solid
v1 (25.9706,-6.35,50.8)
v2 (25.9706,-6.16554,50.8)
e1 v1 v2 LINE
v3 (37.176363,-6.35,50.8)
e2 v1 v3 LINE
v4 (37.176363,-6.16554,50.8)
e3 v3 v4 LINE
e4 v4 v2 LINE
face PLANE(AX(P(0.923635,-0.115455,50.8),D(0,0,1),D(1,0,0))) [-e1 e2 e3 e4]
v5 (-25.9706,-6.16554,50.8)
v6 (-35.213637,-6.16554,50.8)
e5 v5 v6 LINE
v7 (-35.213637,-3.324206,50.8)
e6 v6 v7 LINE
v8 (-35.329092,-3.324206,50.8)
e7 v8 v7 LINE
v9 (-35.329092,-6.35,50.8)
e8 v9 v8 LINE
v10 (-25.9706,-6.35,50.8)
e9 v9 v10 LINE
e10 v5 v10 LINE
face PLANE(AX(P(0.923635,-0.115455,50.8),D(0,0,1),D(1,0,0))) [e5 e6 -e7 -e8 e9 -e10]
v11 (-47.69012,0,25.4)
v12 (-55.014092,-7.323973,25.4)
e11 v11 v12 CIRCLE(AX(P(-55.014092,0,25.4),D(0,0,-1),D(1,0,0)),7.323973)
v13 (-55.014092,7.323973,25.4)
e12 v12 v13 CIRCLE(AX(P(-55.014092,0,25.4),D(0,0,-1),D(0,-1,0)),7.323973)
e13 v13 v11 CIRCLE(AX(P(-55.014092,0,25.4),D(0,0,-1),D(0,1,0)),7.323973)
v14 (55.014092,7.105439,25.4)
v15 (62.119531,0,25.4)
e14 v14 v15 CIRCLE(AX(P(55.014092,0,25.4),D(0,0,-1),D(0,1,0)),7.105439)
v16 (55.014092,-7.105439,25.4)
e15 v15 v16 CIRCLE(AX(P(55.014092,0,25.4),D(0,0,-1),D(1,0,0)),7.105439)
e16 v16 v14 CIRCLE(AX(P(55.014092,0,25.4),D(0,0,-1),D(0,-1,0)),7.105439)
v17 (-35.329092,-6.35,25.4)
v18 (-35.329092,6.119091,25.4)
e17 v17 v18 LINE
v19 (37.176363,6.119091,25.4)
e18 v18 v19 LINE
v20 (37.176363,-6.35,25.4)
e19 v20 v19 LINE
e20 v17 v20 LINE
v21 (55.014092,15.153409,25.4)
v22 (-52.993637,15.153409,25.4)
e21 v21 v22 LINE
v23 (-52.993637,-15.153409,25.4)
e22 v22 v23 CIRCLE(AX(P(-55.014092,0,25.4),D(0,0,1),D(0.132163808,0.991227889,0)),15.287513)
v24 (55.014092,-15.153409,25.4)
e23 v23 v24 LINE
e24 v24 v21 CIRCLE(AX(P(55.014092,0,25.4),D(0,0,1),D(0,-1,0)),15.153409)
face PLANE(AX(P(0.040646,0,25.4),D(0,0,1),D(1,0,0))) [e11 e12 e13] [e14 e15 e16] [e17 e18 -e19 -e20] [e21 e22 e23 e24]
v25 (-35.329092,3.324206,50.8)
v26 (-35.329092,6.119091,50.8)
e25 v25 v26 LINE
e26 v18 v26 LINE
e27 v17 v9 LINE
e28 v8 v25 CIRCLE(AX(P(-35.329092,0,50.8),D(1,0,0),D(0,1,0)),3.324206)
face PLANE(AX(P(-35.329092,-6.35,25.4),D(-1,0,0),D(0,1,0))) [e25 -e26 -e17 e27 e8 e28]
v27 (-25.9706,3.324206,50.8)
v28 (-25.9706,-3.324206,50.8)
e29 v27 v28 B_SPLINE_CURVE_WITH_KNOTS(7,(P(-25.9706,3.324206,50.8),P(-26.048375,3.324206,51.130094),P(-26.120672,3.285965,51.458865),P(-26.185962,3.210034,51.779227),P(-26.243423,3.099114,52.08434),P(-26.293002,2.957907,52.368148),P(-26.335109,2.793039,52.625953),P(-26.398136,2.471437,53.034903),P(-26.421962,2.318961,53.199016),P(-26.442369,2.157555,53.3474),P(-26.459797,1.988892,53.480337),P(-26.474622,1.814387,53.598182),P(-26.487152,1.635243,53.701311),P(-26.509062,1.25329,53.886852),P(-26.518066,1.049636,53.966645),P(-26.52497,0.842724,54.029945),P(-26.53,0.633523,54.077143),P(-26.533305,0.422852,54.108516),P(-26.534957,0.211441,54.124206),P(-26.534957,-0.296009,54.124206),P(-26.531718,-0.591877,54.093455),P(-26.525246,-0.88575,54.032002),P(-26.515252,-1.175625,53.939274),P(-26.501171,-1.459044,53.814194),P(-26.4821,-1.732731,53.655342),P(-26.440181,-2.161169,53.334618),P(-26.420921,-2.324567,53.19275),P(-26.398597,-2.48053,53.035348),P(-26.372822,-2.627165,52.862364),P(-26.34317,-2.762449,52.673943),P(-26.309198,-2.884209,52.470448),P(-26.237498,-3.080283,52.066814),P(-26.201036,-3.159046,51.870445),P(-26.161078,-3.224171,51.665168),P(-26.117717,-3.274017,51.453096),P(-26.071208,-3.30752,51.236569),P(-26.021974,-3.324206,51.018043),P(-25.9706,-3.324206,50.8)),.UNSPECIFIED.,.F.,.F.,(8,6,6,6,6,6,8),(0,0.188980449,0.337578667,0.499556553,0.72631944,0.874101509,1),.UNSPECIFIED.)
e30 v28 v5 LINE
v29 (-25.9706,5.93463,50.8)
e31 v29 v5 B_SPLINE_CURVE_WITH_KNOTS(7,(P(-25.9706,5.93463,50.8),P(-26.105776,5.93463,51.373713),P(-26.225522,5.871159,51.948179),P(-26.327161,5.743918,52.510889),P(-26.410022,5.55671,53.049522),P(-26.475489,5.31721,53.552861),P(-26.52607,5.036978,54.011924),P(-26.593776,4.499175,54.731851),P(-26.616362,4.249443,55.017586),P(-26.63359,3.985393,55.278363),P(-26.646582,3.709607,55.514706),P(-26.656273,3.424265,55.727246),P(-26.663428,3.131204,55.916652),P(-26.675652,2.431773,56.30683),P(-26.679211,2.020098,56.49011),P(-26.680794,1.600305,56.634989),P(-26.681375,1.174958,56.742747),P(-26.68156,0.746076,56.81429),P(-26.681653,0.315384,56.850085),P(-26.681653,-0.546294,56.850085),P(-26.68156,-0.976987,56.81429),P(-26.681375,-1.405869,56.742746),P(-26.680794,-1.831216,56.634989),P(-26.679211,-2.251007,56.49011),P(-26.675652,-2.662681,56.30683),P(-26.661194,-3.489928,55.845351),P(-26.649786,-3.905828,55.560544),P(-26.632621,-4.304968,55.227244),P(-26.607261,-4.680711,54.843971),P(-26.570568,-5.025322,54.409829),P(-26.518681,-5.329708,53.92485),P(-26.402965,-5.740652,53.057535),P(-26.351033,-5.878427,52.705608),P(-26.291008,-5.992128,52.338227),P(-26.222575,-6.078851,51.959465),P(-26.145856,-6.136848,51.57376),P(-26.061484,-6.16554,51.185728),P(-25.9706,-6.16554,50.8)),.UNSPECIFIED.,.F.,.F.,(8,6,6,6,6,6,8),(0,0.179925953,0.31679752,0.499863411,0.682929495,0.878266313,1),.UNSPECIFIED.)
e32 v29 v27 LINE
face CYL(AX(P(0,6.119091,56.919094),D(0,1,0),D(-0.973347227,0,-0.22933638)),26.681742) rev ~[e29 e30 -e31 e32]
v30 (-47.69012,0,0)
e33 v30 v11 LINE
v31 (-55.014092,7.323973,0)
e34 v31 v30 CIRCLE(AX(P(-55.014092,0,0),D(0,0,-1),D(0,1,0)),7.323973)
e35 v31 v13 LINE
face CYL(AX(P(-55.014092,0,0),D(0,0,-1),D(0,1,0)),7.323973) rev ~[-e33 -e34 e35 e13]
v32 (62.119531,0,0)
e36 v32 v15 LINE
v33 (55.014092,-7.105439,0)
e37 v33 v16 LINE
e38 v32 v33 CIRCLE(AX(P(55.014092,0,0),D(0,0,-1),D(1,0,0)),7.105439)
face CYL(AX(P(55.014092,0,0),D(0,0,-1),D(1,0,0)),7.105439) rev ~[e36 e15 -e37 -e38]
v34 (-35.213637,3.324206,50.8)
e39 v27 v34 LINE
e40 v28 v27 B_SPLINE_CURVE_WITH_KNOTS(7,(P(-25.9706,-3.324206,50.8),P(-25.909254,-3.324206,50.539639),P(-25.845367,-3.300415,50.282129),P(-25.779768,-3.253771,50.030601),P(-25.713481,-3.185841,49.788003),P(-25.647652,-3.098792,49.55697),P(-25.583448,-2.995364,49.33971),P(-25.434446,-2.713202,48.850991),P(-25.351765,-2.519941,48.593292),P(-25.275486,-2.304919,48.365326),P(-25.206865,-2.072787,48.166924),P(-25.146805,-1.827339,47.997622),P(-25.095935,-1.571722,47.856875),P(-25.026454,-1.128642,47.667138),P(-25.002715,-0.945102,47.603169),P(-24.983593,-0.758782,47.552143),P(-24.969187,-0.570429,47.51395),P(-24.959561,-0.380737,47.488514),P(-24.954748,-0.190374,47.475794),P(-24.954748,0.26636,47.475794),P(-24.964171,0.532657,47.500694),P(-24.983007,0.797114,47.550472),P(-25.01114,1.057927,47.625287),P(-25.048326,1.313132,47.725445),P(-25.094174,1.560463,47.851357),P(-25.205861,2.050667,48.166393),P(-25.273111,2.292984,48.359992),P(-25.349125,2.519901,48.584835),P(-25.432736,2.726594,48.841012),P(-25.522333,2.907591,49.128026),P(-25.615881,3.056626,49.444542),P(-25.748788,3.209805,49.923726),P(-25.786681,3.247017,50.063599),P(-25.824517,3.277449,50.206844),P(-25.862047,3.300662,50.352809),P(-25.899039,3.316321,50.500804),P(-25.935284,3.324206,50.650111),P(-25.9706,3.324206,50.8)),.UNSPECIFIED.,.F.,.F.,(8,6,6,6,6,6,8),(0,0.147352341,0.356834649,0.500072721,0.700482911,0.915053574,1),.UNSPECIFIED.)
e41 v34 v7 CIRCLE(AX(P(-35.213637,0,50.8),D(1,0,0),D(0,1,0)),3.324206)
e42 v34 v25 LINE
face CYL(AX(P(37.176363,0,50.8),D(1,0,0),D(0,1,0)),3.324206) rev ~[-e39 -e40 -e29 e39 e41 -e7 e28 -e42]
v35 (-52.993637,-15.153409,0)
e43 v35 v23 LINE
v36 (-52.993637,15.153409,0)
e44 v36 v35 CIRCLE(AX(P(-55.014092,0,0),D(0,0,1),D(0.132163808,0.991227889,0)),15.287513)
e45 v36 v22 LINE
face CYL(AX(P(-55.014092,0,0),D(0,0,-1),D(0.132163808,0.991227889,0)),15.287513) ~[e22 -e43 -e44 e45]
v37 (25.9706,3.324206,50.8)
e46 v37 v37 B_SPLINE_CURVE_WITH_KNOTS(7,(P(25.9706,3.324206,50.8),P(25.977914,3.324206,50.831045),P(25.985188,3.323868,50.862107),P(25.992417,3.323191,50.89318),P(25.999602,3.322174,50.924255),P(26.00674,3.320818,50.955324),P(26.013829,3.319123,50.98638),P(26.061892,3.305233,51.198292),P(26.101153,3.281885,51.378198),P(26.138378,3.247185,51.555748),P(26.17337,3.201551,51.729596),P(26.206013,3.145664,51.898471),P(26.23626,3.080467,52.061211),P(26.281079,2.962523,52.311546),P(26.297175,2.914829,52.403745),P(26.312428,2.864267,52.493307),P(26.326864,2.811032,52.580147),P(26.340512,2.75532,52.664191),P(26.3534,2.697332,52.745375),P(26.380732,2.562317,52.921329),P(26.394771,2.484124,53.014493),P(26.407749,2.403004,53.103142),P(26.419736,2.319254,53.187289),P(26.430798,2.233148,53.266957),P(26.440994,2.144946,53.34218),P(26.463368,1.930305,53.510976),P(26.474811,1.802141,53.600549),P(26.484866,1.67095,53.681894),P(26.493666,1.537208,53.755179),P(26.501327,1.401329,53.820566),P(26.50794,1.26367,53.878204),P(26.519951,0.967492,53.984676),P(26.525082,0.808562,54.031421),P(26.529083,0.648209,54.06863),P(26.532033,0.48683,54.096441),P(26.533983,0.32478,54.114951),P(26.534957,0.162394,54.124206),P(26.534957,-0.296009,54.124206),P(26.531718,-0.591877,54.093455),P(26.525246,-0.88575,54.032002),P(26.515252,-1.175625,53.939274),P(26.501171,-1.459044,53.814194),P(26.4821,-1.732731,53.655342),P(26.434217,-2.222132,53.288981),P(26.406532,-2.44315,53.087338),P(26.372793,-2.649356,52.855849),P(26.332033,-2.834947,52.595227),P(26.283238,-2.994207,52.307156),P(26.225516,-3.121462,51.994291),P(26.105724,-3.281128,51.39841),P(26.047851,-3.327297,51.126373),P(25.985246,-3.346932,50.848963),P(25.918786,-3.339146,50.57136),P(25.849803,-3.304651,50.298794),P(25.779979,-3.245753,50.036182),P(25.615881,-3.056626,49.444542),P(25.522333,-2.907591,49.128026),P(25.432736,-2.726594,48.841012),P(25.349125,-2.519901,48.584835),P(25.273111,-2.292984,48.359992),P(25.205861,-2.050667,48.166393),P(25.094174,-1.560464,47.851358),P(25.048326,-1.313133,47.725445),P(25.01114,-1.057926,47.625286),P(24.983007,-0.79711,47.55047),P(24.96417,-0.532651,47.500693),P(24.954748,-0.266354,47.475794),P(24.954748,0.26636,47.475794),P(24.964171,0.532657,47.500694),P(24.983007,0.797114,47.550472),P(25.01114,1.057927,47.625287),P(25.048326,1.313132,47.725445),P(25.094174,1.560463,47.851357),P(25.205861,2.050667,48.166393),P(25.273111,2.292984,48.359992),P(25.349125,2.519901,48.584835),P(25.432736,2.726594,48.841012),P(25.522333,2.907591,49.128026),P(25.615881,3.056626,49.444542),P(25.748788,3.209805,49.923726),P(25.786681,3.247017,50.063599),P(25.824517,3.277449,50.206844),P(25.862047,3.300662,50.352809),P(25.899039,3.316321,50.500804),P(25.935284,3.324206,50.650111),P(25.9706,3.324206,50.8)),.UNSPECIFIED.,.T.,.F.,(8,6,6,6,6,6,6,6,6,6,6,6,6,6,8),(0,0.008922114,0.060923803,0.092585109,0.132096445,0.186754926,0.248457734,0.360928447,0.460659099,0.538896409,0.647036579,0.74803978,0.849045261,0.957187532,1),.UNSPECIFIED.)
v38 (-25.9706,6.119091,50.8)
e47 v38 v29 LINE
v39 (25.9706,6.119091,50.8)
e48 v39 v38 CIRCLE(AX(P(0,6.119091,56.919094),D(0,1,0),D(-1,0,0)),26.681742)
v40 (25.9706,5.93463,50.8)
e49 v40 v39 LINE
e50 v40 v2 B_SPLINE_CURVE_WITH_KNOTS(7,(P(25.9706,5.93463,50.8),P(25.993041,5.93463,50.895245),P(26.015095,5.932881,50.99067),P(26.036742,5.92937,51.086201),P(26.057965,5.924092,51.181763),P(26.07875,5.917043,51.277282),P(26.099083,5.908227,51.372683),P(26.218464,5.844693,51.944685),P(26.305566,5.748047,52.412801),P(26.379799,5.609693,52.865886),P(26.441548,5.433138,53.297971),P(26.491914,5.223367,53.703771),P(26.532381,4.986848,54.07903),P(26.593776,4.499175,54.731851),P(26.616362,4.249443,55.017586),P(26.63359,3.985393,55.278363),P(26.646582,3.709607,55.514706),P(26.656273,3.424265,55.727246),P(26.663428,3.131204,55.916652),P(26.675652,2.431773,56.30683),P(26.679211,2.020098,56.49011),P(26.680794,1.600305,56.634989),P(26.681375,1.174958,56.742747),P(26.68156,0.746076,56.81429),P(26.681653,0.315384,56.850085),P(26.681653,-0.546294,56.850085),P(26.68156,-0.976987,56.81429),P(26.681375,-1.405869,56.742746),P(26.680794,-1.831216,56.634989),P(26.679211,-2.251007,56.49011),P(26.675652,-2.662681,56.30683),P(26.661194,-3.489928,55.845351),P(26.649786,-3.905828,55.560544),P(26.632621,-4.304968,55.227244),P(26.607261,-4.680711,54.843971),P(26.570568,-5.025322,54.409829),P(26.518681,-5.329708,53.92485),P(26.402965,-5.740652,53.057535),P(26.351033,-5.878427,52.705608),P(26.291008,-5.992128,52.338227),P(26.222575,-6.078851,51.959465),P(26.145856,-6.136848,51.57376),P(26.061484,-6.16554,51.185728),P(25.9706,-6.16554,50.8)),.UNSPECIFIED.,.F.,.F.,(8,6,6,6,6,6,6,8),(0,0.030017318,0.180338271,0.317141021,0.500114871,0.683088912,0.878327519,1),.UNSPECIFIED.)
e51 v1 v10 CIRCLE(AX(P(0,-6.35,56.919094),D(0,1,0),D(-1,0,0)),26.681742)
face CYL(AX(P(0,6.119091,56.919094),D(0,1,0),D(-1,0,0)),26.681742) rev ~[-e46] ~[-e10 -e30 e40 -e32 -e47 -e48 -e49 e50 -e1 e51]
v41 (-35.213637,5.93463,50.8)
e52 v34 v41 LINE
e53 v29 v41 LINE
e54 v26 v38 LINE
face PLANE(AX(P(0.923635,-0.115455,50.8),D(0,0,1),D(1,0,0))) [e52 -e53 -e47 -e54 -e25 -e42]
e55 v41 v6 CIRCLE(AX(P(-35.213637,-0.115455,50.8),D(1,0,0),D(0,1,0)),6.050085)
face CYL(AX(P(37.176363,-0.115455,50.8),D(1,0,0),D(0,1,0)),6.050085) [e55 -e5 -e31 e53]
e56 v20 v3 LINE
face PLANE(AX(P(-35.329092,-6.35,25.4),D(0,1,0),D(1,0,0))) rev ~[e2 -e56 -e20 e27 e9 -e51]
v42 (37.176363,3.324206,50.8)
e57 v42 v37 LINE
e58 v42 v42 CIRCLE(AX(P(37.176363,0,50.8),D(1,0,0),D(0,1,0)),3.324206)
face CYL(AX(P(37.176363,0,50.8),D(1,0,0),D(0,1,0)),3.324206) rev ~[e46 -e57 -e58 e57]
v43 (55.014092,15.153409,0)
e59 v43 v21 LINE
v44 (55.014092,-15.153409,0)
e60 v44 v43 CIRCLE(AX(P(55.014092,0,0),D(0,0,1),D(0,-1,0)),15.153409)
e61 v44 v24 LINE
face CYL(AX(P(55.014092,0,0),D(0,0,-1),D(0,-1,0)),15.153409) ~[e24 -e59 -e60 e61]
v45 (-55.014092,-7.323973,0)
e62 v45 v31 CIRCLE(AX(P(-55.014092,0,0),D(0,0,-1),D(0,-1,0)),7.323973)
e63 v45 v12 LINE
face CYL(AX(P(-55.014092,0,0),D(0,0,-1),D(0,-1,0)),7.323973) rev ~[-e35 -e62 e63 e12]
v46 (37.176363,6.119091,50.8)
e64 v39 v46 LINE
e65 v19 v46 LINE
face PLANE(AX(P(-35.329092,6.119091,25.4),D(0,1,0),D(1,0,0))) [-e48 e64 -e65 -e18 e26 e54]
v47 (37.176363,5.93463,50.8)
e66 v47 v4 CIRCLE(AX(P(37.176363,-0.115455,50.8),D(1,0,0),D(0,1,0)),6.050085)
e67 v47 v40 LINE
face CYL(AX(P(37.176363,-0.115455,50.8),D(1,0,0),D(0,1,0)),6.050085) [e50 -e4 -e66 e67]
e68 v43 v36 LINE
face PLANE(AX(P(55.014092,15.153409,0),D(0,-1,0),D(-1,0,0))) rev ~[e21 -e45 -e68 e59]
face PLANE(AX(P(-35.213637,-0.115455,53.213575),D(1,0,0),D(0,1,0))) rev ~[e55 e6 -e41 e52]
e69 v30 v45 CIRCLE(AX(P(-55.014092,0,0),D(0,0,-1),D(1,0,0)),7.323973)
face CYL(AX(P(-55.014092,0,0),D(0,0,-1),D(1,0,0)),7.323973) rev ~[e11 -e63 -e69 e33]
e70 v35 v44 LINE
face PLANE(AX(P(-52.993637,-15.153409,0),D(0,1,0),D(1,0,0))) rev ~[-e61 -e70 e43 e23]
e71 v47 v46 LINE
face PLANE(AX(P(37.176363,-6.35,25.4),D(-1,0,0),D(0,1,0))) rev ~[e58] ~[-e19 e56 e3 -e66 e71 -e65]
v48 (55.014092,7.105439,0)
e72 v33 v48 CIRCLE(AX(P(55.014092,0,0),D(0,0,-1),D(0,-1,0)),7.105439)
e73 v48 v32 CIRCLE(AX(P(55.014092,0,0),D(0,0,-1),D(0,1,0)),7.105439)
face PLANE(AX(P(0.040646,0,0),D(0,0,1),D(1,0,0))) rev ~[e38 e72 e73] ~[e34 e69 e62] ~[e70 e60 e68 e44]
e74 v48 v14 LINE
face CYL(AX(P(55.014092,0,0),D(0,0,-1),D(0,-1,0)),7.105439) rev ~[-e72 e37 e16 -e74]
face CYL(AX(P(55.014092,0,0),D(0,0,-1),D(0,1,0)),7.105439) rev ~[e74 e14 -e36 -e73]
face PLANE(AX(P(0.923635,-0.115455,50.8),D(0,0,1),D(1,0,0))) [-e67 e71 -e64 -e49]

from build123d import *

# Parameters (mm, degrees)
F1_DEPTH = 25.4
F2_W     = 72.5054554641
F2_H     = 12.4690914527
F3_DEPTH = 25.4
F5_DEPTH = 72.39
F6_R     = 3.324206073
F7_DEPTH = 107.4789683862
F9_DEPTH = 21.4076038046


with BuildPart() as f1:
    # F0 (on Top) → F1 (new body)
    with BuildSketch(Plane.XY):
        with BuildLine():
            Line((55.0140924752, 15.1534089819), (-52.9936365783, 15.1534089819))
            ThreePointArc((-52.9936365783, 15.1534089819), (-70.3016052161, 0), (-52.9936365783, -15.1534089819))
            Line((-52.9936365783, -15.1534089819), (55.0140924752, -15.1534089819))
            ThreePointArc((55.0140924752, -15.1534089819), (70.167501457, 0), (55.0140924752, 15.1534089819))
        make_face()
        with BuildLine():
            ThreePointArc((-55.0140924752, -7.3239727508), (-62.338065226, 0), (-55.0140924752, 7.3239727508))
            ThreePointArc((-55.0140924752, 7.3239727508), (-49.8352616778, 5.1788307973), (-47.6901197244, 0))
            ThreePointArc((-47.6901197244, 0), (-49.8352616778, -5.1788307973), (-55.0140924752, -7.3239727508))
        make_face(mode=Mode.SUBTRACT)
        with BuildLine():
            ThreePointArc((55.0140924752, -7.1054389054), (47.9086535698, 0), (55.0140924752, 7.1054389054))
            ThreePointArc((55.0140924752, 7.1054389054), (60.0383965085, 5.0243040333), (62.1195313806, 0))
            ThreePointArc((62.1195313806, 0), (60.0383965085, -5.0243040333), (55.0140924752, -7.1054389054))
        make_face(mode=Mode.SUBTRACT)
    extrude(amount=F1_DEPTH)

    # F2 (on face) → F3 (join)
    with BuildSketch(Plane.XY.offset(25.4)):
        with Locations((0.9236354381, -0.1154546626)):
            Rectangle(F2_W, F2_H)
    extrude(amount=F3_DEPTH)

    # F4 (on face) → F5 (join)
    with BuildSketch(Plane.YZ.offset(37.1763631701)):
        with BuildLine():
            Line((3.0379533135, 50.8), (5.9346302823, 50.8))
            ThreePointArc((5.9346302823, 50.8), (-0.1154546626, 56.8500849449), (-6.1655396075, 50.8))
            Line((-6.1655396075, 50.8), (-3.2688626387, 50.8))
            ThreePointArc((-3.2688626387, 50.8), (-0.1154546626, 53.9534079761), (3.0379533135, 50.8))
        make_face()
    extrude(amount=-F5_DEPTH)

    # F6 (on face) → F7 (cut, through all)
    with BuildSketch(Plane.YZ.offset(37.1763631701)):
        with Locations((0, 50.8)):
            Circle(F6_R)
        with BuildLine():
            ThreePointArc((-3.2688626387, 50.8), (-0.1154546626, 53.9534079761), (3.0379533135, 50.8))
            Line((3.0379533135, 50.8), (-3.2688626387, 50.8))
        make_face(mode=Mode.SUBTRACT)
    extrude(amount=-F7_DEPTH, mode=Mode.SUBTRACT)

    # F8 (on face) → F9 (cut, through all)
    with BuildSketch(Plane(origin=(0, 6.1190910637, 0), x_dir=(-1, 0, 0), z_dir=(0, 1, 0))):
        with BuildLine():
            Line((25.97059982, 50.8), (-25.97059982, 50.8))
            ThreePointArc((-25.97059982, 50.8), (0, 30.2373519431), (25.97059982, 50.8))
        make_face()
        with BuildLine():
            ThreePointArc((25.97059982, 50.8), (26.5033603392, 53.8389546874), (26.681742232, 56.9190941751))
            ThreePointArc((26.681742232, 56.9190941751), (-3.0801394877, 83.4224545143), (-25.97059982, 50.8))
            Line((-25.97059982, 50.8), (25.97059982, 50.8))
        make_face()
    extrude(amount=-F9_DEPTH, mode=Mode.SUBTRACT)


solid = f1.part
